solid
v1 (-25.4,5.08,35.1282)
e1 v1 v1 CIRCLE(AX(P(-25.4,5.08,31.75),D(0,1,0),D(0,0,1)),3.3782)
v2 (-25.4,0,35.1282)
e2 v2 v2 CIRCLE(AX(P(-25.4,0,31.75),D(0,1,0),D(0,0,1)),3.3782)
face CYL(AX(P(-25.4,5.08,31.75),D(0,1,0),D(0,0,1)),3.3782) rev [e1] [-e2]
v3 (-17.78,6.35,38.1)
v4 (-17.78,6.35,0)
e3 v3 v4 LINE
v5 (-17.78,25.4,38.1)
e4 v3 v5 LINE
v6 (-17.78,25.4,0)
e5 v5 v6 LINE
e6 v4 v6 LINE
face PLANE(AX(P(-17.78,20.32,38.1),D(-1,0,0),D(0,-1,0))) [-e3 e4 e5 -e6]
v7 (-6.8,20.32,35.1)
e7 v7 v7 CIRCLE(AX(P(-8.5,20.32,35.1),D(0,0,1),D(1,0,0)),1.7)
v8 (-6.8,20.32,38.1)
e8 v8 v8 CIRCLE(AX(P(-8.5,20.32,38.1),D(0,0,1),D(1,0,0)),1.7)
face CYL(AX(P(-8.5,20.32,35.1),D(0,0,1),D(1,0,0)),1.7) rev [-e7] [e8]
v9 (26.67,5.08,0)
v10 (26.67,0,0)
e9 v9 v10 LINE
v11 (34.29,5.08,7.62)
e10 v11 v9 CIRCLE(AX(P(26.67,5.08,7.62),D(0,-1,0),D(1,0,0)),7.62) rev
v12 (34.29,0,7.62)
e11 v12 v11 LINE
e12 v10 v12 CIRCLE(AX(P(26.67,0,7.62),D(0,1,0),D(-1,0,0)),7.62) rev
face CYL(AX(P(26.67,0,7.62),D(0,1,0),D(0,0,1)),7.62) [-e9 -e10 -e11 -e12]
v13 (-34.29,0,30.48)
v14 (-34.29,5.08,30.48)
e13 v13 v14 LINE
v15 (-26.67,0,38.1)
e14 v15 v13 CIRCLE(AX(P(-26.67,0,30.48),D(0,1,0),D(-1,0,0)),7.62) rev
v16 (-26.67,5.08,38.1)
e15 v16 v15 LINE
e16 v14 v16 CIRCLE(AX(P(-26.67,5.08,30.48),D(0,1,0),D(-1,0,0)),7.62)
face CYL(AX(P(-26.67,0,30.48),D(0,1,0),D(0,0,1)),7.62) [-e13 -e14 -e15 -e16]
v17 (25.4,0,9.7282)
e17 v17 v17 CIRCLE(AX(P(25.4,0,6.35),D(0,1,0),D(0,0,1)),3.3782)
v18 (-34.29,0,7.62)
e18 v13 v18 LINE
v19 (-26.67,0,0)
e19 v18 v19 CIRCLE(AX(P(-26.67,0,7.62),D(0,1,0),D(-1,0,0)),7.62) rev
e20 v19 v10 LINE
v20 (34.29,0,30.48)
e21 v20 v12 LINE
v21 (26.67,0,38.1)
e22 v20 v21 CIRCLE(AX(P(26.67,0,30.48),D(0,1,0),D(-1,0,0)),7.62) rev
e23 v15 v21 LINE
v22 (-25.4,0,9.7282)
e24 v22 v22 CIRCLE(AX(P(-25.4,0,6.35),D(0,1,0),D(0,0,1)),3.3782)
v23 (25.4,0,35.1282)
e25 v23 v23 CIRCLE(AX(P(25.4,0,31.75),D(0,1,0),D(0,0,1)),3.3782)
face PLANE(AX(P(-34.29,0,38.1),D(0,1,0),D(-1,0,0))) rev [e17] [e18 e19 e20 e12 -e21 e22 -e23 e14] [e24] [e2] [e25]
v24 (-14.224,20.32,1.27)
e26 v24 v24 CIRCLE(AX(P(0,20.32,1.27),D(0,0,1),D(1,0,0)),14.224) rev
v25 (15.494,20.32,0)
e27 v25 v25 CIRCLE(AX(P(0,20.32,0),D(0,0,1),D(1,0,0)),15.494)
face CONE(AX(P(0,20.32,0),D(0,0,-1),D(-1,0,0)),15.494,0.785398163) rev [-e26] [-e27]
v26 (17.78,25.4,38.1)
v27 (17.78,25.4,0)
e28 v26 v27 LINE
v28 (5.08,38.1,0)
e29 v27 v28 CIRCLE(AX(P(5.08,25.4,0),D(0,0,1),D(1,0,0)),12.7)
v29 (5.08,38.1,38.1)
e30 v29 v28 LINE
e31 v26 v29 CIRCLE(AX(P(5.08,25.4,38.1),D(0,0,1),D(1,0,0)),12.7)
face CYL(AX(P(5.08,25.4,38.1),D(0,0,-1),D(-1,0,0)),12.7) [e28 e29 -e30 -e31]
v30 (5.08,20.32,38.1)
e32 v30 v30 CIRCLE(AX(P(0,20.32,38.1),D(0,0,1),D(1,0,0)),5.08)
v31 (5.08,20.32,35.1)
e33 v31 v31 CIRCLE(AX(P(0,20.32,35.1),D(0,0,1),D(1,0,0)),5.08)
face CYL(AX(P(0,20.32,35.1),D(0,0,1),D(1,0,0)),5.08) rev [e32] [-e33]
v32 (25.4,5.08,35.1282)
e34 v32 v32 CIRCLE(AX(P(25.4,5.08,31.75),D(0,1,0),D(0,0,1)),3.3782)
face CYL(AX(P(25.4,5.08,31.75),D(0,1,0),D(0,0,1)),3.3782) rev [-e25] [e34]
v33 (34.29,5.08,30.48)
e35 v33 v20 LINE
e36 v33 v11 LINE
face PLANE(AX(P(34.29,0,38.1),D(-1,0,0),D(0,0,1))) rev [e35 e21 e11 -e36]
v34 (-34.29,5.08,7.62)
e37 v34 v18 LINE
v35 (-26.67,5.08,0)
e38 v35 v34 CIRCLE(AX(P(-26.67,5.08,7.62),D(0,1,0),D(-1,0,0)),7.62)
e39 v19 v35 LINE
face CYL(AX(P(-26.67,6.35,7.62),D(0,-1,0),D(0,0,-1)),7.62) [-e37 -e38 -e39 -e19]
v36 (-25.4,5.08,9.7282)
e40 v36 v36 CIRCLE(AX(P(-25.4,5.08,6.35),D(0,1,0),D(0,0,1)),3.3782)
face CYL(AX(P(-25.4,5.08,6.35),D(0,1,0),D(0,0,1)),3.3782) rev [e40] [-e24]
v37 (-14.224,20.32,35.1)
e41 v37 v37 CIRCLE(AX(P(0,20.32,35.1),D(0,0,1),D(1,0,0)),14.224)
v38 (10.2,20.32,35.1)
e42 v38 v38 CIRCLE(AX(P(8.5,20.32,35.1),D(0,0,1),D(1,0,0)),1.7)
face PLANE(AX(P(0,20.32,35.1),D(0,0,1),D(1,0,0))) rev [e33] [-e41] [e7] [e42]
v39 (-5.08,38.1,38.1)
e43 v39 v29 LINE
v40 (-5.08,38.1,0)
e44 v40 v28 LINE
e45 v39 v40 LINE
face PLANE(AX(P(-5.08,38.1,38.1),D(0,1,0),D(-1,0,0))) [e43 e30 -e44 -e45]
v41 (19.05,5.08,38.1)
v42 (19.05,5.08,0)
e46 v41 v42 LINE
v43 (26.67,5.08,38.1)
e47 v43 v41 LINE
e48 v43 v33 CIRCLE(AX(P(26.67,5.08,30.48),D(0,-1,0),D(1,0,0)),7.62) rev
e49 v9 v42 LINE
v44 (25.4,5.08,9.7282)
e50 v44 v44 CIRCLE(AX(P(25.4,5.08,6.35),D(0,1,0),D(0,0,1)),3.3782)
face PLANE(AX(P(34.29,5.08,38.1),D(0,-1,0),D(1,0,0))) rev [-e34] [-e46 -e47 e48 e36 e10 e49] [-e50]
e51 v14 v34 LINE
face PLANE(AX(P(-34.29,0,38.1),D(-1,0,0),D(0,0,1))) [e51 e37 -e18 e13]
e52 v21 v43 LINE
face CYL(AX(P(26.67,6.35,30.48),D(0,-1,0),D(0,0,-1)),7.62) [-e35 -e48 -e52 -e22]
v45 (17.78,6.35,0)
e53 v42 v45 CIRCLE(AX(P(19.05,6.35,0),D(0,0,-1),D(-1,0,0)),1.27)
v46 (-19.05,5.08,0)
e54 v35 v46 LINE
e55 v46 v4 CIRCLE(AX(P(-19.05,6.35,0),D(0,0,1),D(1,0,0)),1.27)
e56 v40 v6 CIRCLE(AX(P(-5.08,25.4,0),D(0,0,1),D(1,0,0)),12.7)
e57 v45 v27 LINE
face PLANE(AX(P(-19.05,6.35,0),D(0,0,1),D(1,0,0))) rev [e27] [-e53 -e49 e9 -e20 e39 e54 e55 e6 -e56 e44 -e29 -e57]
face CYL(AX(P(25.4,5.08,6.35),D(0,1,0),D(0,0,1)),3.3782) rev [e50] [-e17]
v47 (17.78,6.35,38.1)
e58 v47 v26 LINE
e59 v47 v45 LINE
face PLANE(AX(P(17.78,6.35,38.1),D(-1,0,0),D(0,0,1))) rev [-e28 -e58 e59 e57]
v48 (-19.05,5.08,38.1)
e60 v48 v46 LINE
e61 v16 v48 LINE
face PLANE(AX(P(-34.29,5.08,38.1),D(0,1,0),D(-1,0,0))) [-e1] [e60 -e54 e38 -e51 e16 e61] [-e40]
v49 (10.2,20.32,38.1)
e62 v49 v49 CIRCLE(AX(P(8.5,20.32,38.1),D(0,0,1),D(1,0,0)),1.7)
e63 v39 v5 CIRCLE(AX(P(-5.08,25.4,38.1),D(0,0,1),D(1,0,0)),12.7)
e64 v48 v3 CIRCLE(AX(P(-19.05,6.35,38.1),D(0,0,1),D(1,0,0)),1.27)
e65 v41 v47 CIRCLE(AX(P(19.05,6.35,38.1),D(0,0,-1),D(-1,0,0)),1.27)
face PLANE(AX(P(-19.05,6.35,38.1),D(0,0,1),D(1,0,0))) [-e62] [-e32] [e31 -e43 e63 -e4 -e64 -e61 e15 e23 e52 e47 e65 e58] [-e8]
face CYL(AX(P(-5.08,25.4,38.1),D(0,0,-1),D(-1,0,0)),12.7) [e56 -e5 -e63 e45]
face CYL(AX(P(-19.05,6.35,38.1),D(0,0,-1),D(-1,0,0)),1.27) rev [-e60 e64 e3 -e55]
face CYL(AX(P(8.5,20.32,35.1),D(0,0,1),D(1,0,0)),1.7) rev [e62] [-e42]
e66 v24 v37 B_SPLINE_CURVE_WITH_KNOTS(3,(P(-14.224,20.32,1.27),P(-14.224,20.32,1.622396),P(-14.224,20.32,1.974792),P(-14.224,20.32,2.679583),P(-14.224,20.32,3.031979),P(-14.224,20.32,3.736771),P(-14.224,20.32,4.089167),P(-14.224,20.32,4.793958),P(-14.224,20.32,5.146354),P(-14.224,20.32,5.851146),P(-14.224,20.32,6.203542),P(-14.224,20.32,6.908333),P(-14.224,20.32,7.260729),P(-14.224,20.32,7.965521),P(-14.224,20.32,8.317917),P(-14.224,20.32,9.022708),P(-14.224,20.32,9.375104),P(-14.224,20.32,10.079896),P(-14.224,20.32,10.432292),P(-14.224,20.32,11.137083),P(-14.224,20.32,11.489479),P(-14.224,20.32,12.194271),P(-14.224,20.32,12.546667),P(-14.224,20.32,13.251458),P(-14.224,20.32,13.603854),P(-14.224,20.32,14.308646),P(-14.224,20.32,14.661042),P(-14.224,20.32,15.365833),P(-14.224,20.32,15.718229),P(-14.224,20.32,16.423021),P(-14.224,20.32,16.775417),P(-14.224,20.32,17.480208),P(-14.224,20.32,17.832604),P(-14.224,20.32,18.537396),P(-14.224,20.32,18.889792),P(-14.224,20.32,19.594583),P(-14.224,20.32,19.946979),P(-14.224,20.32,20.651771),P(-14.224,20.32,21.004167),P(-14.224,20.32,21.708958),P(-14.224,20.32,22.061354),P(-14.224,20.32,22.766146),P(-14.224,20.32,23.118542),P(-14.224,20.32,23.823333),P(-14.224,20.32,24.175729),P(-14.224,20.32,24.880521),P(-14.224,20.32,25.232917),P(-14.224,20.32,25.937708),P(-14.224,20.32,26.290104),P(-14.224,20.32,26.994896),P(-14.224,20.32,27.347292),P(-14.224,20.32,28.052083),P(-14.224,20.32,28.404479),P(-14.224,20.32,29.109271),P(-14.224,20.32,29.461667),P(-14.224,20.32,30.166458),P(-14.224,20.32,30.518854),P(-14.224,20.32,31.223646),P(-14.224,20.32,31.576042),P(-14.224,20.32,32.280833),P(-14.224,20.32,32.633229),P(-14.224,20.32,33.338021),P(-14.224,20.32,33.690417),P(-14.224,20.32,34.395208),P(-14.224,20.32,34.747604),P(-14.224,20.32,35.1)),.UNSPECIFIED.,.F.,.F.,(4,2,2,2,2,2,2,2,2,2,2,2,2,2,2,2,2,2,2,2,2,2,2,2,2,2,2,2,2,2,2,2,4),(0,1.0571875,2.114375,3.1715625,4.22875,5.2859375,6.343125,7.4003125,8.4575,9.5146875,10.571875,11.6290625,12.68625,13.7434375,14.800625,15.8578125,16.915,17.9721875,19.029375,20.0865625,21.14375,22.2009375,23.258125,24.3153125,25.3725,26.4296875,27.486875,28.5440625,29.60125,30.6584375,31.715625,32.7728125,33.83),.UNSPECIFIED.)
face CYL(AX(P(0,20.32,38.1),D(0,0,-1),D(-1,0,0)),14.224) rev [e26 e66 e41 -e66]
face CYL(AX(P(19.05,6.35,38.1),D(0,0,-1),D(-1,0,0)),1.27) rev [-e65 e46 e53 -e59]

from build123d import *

# Parameters (mm, degrees)
SKETCH1_R               = 14.224
BOSS_EXTRUDE1_DEPTH     = 38.1
F_1_4_CLEARANCE_HOLE1_D = 6.7564
SKETCH4_R               = 16.637181665
SKETCH4_R_2             = 5.08
SKETCH4_R_3             = 1.7
BOSS_EXTRUDE2_DEPTH     = 3
FILLET1_R               = 7.62
CHAMFER1_SIZE           = 1.27


with BuildPart() as part:
    # Sketch1 → Boss-Extrude1 (new body)
    with BuildSketch(Plane.XY):
        with BuildLine():
            Line((-34.29, 0), (34.29, 0))
            Line((34.29, 0), (34.29, 5.08))
            Line((34.29, 5.08), (19.05, 5.08))
            ThreePointArc((19.05, 5.08), (18.151974388, 5.451974388), (17.78, 6.35))
            Line((17.78, 6.35), (17.78, 20.32))
            Line((17.78, 20.32), (17.78, 25.4))
            ThreePointArc((17.78, 25.4), (14.060256121, 34.380256121), (5.08, 38.1))
            Line((5.08, 38.1), (-5.08, 38.1))
            ThreePointArc((-5.08, 38.1), (-14.060256121, 34.380256121), (-17.78, 25.4))
            Line((-17.78, 25.4), (-17.78, 20.32))
            Line((-17.78, 20.32), (-17.78, 6.35))
            ThreePointArc((-17.78, 6.35), (-18.151974388, 5.451974388), (-19.05, 5.08))
            Line((-19.05, 5.08), (-34.29, 5.08))
            Line((-34.29, 5.08), (-34.29, 0))
        make_face()
        with Locations(Location((0, 20.32, 0), (0, 0, 180))):
            Circle(SKETCH1_R, mode=Mode.SUBTRACT)
    extrude(amount=BOSS_EXTRUDE1_DEPTH)

    # 1/4 Clearance Hole1 (through all)
    with Locations(Plane(origin=(0, 5.08, 0), x_dir=(1, 0, 0), z_dir=(0, 1, 0))):
        with Locations((-25.4, -6.35), (25.4, -31.75), (-25.4, -31.75), (25.4, -6.35)):
            Hole(F_1_4_CLEARANCE_HOLE1_D / 2)

    # Sketch4 → Boss-Extrude2 (add)
    with BuildSketch(Plane.XY.offset(38.1)):
        with Locations((0, 20.32)):
            Circle(SKETCH4_R)
        with Locations((0, 20.32)):
            Circle(SKETCH4_R_2, mode=Mode.SUBTRACT)
        with Locations((8.5, 20.32)):
            Circle(SKETCH4_R_3, mode=Mode.SUBTRACT)
        with Locations((-8.5, 20.32)):
            Circle(SKETCH4_R_3, mode=Mode.SUBTRACT)
    extrude(amount=-BOSS_EXTRUDE2_DEPTH)

    # Fillet1
    fillet1_edges = [part.edges().sort_by_distance(p)[0] for p in [
        (-34.29, 2.54, 0),
        (34.29, 2.54, 0),
        (34.29, 2.54, 38.1),
        (-34.29, 2.54, 38.1),
    ]]
    fillet(fillet1_edges, radius=FILLET1_R)

    # Chamfer1
    chamfer1_edges = [part.edges().sort_by_distance(p)[0] for p in [
        (14.224, 20.32, 0),
    ]]
    chamfer(chamfer1_edges, length=CHAMFER1_SIZE)


solid = part.part
